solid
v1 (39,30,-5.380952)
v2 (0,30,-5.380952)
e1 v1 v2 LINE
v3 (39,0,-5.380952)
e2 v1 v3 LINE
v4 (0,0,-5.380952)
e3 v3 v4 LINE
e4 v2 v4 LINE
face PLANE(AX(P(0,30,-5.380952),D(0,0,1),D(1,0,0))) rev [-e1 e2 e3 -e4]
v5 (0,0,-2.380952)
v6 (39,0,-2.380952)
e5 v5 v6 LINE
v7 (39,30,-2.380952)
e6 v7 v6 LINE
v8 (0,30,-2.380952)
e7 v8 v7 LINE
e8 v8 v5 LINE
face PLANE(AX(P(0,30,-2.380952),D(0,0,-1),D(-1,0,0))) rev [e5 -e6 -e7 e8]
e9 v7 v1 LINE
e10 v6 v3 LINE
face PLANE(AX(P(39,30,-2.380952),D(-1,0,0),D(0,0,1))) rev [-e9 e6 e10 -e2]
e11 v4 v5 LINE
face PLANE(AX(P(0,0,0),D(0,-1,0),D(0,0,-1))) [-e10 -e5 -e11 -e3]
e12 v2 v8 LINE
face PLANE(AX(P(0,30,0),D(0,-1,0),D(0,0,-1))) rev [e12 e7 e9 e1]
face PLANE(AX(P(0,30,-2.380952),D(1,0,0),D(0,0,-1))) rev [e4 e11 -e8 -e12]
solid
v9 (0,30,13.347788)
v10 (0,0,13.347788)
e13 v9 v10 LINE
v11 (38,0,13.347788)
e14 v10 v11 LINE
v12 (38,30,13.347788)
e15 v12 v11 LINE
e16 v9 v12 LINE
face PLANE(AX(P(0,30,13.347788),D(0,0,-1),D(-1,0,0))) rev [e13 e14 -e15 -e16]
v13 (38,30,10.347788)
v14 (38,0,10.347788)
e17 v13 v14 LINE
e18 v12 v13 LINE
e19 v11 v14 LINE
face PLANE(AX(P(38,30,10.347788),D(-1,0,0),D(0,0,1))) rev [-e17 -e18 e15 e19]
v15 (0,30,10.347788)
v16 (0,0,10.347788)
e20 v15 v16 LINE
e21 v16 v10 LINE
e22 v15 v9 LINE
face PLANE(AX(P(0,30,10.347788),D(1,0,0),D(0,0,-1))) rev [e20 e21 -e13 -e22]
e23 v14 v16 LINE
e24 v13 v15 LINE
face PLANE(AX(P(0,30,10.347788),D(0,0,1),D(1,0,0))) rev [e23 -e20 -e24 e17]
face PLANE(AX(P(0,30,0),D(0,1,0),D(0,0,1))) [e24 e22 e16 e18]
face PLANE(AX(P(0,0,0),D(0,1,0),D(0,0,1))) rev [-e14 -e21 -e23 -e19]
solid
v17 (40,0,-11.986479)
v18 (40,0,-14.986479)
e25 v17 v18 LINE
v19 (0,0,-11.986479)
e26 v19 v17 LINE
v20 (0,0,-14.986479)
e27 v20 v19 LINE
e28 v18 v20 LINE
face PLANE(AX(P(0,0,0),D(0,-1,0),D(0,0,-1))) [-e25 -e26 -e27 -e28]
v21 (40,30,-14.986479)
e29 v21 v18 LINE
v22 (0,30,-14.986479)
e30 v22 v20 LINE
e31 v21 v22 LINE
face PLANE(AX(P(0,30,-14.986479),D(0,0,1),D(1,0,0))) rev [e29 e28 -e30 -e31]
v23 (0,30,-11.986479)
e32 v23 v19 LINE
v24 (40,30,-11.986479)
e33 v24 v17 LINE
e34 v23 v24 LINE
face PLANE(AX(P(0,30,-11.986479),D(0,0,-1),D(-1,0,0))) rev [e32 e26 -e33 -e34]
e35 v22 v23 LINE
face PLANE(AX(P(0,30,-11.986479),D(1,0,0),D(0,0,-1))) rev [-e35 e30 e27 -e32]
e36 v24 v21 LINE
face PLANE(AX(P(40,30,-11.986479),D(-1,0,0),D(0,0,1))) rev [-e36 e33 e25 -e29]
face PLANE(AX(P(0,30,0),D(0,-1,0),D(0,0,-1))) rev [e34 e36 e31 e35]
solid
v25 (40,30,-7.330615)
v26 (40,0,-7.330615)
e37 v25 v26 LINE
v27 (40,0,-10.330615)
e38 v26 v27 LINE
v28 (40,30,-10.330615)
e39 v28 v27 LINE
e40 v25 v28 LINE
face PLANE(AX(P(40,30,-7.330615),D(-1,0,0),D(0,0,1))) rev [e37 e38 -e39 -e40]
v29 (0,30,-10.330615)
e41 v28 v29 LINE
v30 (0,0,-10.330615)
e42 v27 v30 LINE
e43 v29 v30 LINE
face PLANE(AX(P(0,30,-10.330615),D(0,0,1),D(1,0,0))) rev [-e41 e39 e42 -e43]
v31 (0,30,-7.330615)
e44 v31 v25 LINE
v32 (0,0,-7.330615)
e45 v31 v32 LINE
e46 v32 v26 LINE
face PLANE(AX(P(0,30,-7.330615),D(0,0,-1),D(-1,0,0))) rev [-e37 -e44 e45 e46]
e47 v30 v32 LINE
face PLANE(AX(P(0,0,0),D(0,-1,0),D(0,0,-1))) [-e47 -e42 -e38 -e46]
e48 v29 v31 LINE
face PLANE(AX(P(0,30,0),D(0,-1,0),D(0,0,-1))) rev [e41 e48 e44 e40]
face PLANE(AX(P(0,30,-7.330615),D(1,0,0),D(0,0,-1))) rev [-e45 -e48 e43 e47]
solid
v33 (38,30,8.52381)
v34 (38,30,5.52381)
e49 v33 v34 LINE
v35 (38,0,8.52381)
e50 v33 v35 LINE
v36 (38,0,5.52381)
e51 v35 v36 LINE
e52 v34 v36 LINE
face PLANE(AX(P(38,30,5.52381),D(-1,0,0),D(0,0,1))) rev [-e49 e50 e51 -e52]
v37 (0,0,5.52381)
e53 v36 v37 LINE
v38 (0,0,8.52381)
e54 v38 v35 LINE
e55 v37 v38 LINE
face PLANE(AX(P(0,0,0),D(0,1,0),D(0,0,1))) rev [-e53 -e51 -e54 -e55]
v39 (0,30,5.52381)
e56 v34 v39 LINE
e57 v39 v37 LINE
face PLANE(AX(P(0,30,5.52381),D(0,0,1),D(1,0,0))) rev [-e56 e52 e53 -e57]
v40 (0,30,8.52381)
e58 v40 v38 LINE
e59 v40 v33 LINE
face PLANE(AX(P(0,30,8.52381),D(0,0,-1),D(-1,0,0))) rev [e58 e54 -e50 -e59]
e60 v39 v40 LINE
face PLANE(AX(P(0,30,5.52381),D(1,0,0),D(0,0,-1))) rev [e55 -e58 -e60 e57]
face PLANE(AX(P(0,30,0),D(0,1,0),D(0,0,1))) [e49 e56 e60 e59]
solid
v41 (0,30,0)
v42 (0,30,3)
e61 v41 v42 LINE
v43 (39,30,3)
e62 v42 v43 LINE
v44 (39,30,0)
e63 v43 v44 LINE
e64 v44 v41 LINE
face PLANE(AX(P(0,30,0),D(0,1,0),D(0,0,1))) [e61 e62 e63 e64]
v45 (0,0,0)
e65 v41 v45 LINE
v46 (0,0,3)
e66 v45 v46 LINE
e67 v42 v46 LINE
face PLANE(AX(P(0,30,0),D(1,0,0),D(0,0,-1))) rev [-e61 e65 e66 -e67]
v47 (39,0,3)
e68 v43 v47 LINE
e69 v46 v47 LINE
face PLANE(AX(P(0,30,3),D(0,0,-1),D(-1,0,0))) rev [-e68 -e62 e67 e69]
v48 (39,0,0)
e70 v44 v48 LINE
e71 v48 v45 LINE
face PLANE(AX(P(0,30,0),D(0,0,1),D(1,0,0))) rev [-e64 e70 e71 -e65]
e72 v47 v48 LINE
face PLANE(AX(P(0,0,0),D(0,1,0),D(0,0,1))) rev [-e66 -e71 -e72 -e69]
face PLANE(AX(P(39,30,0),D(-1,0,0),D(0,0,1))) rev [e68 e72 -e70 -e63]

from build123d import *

# Parameters (mm, degrees)
SKETCH1_W             = 39
SKETCH1_H             = 3
BOSS_EXTRUDE1_DEPTH   = 30
SKETCH1_W_2           = 38
BOSS_EXTRUDE1_2_DEPTH = 30
BOSS_EXTRUDE1_3_DEPTH = 30
SKETCH1_W_3           = 40
BOSS_EXTRUDE1_4_DEPTH = 30
BOSS_EXTRUDE1_5_DEPTH = 30
BOSS_EXTRUDE1_6_DEPTH = 30


with BuildPart() as part:
    # Sketch1 → Boss-Extrude1 (new body)
    with BuildSketch(Plane(origin=(0, 0, 0), x_dir=(1, 0, 0), z_dir=(0, 1, 0))):
        with Locations((19.5, -1.5)):
            Rectangle(SKETCH1_W, SKETCH1_H)
    extrude(amount=BOSS_EXTRUDE1_DEPTH)


with BuildPart() as body_2:
    # Sketch1 → Boss-Extrude1 2 (new body)
    with BuildSketch(Plane(origin=(0, 0, 0), x_dir=(1, 0, 0), z_dir=(0, 1, 0))):
        with Locations((19, -7.023809524)):
            Rectangle(SKETCH1_W_2, SKETCH1_H)
    extrude(amount=BOSS_EXTRUDE1_2_DEPTH)


with BuildPart() as body_3:
    # Sketch1 → Boss-Extrude1 3 (new body)
    with BuildSketch(Plane(origin=(0, 0, 0), x_dir=(1, 0, 0), z_dir=(0, 1, 0))):
        with Locations((19.5, 3.880952381)):
            Rectangle(SKETCH1_W, SKETCH1_H)
    extrude(amount=BOSS_EXTRUDE1_3_DEPTH)


with BuildPart() as body_4:
    # Sketch1 → Boss-Extrude1 4 (new body)
    with BuildSketch(Plane(origin=(0, 0, 0), x_dir=(1, 0, 0), z_dir=(0, 1, 0))):
        with Locations((20, 8.83061545)):
            Rectangle(SKETCH1_W_3, SKETCH1_H)
    extrude(amount=BOSS_EXTRUDE1_4_DEPTH)


with BuildPart() as body_5:
    # Sketch1 → Boss-Extrude1 5 (new body)
    with BuildSketch(Plane(origin=(0, 0, 0), x_dir=(1, 0, 0), z_dir=(0, 1, 0))):
        with Locations((19, -11.847788313)):
            Rectangle(SKETCH1_W_2, SKETCH1_H)
    extrude(amount=BOSS_EXTRUDE1_5_DEPTH)


with BuildPart() as body_6:
    # Sketch1 → Boss-Extrude1 6 (new body)
    with BuildSketch(Plane(origin=(0, 0, 0), x_dir=(1, 0, 0), z_dir=(0, 1, 0))):
        with Locations((20, 13.486479069)):
            Rectangle(SKETCH1_W_3, SKETCH1_H)
    extrude(amount=BOSS_EXTRUDE1_6_DEPTH)


solid = Compound([part.part, body_2.part, body_3.part, body_4.part, body_5.part, body_6.part])
